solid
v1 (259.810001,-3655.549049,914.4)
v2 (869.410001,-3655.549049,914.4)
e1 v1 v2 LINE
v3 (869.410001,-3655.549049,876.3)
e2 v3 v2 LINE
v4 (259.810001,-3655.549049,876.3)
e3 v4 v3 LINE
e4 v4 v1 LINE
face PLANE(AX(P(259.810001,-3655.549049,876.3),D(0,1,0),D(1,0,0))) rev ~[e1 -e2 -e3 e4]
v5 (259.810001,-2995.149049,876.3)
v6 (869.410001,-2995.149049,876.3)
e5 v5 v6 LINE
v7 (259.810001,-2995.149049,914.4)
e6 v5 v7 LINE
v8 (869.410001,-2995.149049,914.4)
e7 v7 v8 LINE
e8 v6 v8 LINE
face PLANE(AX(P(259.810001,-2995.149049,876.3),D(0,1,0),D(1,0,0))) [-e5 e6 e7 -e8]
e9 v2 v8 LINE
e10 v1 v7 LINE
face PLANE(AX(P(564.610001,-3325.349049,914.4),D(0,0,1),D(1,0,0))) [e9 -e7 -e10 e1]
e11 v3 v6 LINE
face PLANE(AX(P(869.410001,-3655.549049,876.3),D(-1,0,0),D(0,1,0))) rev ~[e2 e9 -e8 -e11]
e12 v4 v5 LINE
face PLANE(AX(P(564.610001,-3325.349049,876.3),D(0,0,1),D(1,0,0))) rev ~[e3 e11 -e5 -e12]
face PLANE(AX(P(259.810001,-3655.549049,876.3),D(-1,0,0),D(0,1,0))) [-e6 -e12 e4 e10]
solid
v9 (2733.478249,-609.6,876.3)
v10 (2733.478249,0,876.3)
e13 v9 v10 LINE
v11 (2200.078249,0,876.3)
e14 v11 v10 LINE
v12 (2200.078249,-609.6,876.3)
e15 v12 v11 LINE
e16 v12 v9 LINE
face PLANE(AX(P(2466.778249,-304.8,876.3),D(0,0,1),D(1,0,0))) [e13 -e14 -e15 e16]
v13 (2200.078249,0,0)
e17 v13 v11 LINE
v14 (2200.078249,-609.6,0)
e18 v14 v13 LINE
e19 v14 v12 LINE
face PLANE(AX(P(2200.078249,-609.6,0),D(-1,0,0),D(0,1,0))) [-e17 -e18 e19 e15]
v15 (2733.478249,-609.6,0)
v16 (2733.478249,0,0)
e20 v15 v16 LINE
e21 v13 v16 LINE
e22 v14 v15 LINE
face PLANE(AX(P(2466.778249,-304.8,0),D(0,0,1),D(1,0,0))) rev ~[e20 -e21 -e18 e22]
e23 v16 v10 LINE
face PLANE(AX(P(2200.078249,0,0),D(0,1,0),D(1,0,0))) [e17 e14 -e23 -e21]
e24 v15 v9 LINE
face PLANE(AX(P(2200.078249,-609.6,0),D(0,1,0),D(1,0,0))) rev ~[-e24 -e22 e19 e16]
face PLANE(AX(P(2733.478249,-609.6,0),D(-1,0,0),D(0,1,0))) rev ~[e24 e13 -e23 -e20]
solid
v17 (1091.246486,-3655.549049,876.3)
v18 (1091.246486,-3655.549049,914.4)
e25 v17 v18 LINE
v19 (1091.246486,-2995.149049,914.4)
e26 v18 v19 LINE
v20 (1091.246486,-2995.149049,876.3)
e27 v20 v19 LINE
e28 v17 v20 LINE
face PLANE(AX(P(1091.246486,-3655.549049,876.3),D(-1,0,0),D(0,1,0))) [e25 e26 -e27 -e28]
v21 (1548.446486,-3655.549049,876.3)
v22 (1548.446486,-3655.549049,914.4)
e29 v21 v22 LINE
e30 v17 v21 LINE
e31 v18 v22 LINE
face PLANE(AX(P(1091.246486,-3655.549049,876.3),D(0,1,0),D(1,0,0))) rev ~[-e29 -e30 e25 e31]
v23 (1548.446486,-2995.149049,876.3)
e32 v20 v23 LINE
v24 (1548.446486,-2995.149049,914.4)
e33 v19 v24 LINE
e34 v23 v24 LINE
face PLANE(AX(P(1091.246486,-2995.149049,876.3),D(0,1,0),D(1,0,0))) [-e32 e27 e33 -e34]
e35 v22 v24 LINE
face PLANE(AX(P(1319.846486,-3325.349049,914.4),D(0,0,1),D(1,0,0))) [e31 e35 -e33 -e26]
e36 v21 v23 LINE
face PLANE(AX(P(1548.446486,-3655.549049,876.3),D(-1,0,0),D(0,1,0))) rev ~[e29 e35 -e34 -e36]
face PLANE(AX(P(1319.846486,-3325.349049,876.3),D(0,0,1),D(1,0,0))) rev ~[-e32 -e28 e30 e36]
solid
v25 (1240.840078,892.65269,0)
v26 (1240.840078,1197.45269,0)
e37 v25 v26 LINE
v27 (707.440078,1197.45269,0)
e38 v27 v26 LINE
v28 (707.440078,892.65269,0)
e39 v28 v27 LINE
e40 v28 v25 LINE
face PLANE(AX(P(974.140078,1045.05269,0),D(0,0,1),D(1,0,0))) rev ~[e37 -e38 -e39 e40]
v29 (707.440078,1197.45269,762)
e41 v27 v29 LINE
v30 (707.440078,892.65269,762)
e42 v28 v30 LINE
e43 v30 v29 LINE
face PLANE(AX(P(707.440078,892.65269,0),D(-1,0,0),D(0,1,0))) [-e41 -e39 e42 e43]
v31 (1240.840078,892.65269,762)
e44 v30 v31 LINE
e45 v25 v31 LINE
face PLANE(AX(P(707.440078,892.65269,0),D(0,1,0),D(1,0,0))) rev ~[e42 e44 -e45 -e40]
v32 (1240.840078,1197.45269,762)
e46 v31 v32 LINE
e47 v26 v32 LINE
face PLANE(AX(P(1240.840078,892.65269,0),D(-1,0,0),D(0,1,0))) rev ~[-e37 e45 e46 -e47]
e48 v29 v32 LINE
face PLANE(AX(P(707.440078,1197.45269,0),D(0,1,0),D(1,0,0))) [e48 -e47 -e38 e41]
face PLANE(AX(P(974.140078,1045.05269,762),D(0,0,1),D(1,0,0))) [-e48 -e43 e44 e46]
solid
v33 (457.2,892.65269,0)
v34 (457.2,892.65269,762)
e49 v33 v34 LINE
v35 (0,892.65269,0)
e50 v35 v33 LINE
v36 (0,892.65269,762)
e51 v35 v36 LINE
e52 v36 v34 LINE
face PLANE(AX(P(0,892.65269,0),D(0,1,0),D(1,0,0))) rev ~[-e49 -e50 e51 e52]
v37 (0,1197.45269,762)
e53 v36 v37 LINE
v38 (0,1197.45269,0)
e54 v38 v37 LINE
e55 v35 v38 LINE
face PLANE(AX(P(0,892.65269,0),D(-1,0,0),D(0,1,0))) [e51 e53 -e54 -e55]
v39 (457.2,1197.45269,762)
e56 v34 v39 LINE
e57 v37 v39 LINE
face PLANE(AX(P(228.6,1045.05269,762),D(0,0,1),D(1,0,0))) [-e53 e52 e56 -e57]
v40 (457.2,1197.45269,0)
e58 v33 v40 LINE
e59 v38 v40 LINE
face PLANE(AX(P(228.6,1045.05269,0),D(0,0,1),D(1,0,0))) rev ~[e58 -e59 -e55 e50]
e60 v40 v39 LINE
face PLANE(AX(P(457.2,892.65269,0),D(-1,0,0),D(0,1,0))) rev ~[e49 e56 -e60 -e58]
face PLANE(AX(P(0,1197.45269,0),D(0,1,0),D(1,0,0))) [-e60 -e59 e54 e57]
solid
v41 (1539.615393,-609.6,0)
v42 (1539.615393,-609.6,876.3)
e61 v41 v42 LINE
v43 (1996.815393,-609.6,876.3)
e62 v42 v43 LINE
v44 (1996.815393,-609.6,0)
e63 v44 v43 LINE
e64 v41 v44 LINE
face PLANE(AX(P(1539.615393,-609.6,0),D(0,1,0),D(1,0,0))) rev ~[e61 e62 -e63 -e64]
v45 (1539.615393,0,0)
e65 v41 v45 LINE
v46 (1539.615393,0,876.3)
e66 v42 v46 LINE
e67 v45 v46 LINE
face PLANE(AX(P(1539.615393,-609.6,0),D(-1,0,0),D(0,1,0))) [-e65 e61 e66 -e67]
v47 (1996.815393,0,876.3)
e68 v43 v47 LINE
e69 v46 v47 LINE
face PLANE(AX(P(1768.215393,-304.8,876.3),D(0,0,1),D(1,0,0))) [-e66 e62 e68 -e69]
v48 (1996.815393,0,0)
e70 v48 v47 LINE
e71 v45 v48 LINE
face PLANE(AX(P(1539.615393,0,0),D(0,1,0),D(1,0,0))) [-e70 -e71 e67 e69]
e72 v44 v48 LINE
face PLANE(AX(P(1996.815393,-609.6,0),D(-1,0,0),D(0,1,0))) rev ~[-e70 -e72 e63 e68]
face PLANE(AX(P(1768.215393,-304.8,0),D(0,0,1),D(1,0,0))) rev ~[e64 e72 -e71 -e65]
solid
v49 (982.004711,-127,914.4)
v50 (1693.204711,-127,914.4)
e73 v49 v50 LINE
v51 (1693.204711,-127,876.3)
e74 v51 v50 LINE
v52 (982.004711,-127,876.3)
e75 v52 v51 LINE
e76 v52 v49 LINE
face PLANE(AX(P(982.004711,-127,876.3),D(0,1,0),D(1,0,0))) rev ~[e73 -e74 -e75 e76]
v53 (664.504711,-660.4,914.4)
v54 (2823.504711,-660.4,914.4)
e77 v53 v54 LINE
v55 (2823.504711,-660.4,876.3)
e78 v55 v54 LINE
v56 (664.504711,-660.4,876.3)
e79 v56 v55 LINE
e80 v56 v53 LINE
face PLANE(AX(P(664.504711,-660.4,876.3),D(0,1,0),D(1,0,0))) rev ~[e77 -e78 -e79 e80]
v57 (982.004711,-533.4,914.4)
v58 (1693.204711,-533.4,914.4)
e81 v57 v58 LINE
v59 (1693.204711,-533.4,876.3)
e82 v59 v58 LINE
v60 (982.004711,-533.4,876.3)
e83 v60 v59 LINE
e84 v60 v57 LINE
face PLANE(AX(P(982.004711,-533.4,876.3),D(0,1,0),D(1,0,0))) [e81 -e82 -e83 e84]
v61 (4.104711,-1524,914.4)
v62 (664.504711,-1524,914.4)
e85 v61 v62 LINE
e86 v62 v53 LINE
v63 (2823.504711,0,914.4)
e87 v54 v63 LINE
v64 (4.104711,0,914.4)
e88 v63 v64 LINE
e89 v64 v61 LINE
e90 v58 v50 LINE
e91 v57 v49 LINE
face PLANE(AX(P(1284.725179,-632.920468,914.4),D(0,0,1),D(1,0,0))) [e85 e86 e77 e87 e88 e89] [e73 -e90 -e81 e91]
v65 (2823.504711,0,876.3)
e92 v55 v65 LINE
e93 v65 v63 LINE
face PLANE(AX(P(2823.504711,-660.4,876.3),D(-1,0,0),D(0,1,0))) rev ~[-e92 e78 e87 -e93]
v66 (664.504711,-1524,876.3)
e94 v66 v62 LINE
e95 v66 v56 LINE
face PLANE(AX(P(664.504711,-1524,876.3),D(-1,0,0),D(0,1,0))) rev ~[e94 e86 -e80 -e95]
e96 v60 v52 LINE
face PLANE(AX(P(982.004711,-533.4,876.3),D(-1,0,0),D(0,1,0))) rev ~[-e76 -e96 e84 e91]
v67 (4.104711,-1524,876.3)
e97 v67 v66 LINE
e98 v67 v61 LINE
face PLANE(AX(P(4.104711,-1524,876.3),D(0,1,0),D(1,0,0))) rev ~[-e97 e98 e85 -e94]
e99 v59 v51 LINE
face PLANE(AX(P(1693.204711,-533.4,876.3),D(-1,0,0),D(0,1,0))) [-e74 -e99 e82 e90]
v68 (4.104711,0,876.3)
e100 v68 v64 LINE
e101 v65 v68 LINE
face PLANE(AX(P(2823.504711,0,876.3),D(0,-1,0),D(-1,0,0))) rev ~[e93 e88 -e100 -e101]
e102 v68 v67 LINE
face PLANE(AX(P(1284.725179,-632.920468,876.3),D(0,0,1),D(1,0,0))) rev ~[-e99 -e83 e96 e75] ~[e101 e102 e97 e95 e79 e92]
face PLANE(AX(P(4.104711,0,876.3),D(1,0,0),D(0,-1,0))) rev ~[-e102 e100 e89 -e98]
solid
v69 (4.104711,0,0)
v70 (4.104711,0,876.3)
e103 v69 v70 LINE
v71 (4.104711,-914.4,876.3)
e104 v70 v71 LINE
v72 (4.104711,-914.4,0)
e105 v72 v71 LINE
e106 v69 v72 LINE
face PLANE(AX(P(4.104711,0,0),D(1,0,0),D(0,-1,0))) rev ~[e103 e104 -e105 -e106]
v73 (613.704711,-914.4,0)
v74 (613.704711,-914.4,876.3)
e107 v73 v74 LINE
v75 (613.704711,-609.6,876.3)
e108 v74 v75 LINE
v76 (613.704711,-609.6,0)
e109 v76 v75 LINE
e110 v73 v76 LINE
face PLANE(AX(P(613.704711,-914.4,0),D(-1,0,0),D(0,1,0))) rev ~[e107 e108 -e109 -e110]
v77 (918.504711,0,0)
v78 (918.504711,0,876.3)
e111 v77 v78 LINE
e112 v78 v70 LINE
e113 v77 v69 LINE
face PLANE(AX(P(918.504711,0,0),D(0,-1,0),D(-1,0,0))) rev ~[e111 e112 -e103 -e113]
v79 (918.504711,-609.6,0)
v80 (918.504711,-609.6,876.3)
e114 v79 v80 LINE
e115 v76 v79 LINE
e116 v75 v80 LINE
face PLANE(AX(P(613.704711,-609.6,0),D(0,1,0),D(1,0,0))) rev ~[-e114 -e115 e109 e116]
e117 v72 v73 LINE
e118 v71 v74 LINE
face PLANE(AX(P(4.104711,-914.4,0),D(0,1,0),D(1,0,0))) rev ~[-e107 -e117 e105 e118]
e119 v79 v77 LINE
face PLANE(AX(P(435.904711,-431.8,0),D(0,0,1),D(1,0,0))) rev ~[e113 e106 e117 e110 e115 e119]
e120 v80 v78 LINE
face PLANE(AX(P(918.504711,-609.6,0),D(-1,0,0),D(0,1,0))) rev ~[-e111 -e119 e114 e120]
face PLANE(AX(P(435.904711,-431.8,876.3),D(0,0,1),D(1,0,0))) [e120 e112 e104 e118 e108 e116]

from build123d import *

# Parameters (mm, degrees)
F0_W     = 457.2
F0_H     = 609.6
F0_W_2   = 533.4
F1_DEPTH = 876.3
F0_H_2   = 304.8
F2_DEPTH = 762
F3_W     = 711.2
F3_H     = 406.4
F3_W_2   = 609.6
F3_H_2   = 660.4
F3_W_3   = 457.2
F4_DEPTH = 38.1


with BuildPart() as f1:
    # F0 (on Top) → F1 (new body)
    with BuildSketch(Plane.XY):
        Polygon((918.504711, 0), (4.104711, 0), (4.104711, -914.4), (613.704711, -914.4), (613.704711, -609.6), (918.504711, -609.6), align=None)
        with Locations((1768.215393, -304.8)):
            Rectangle(F0_W, F0_H)
        with Locations((2466.778249, -304.8)):
            Rectangle(F0_W_2, F0_H)
    extrude(amount=F1_DEPTH)


with BuildPart() as f2:
    # F0 (on Top) → F2 (new body)
    with BuildSketch(Plane.XY):
        with Locations((228.6, 1045.05269)):
            Rectangle(F0_W, F0_H_2)
        with Locations((974.140078, 1045.05269)):
            Rectangle(F0_W_2, F0_H_2)
    extrude(amount=F2_DEPTH)


with BuildPart() as f4:
    # F3 (on face) → F4 (new body)
    with BuildSketch(Plane.XY.offset(876.3)):
        Polygon((2823.504711, 0), (918.504711, 0), (918.504711, -609.6), (613.704711, -609.6), (613.704711, -914.4), (4.104711, -914.4), (4.104711, -1524), (664.504711, -1524), (664.504711, -660.4), (2823.504711, -660.4), align=None)
        with Locations((1337.604711, -330.2)):
            Rectangle(F3_W, F3_H, mode=Mode.SUBTRACT)
        Polygon((918.504711, 0), (4.104711, 0), (4.104711, -914.4), (613.704711, -914.4), (613.704711, -609.6), (918.504711, -609.6), align=None)
        with Locations((564.610001, -3325.349049)):
            Rectangle(F3_W_2, F3_H_2)
        with Locations((1319.846486, -3325.349049)):
            Rectangle(F3_W_3, F3_H_2)
    extrude(amount=F4_DEPTH)


solid = Compound([f1.part, f2.part, f4.part])
